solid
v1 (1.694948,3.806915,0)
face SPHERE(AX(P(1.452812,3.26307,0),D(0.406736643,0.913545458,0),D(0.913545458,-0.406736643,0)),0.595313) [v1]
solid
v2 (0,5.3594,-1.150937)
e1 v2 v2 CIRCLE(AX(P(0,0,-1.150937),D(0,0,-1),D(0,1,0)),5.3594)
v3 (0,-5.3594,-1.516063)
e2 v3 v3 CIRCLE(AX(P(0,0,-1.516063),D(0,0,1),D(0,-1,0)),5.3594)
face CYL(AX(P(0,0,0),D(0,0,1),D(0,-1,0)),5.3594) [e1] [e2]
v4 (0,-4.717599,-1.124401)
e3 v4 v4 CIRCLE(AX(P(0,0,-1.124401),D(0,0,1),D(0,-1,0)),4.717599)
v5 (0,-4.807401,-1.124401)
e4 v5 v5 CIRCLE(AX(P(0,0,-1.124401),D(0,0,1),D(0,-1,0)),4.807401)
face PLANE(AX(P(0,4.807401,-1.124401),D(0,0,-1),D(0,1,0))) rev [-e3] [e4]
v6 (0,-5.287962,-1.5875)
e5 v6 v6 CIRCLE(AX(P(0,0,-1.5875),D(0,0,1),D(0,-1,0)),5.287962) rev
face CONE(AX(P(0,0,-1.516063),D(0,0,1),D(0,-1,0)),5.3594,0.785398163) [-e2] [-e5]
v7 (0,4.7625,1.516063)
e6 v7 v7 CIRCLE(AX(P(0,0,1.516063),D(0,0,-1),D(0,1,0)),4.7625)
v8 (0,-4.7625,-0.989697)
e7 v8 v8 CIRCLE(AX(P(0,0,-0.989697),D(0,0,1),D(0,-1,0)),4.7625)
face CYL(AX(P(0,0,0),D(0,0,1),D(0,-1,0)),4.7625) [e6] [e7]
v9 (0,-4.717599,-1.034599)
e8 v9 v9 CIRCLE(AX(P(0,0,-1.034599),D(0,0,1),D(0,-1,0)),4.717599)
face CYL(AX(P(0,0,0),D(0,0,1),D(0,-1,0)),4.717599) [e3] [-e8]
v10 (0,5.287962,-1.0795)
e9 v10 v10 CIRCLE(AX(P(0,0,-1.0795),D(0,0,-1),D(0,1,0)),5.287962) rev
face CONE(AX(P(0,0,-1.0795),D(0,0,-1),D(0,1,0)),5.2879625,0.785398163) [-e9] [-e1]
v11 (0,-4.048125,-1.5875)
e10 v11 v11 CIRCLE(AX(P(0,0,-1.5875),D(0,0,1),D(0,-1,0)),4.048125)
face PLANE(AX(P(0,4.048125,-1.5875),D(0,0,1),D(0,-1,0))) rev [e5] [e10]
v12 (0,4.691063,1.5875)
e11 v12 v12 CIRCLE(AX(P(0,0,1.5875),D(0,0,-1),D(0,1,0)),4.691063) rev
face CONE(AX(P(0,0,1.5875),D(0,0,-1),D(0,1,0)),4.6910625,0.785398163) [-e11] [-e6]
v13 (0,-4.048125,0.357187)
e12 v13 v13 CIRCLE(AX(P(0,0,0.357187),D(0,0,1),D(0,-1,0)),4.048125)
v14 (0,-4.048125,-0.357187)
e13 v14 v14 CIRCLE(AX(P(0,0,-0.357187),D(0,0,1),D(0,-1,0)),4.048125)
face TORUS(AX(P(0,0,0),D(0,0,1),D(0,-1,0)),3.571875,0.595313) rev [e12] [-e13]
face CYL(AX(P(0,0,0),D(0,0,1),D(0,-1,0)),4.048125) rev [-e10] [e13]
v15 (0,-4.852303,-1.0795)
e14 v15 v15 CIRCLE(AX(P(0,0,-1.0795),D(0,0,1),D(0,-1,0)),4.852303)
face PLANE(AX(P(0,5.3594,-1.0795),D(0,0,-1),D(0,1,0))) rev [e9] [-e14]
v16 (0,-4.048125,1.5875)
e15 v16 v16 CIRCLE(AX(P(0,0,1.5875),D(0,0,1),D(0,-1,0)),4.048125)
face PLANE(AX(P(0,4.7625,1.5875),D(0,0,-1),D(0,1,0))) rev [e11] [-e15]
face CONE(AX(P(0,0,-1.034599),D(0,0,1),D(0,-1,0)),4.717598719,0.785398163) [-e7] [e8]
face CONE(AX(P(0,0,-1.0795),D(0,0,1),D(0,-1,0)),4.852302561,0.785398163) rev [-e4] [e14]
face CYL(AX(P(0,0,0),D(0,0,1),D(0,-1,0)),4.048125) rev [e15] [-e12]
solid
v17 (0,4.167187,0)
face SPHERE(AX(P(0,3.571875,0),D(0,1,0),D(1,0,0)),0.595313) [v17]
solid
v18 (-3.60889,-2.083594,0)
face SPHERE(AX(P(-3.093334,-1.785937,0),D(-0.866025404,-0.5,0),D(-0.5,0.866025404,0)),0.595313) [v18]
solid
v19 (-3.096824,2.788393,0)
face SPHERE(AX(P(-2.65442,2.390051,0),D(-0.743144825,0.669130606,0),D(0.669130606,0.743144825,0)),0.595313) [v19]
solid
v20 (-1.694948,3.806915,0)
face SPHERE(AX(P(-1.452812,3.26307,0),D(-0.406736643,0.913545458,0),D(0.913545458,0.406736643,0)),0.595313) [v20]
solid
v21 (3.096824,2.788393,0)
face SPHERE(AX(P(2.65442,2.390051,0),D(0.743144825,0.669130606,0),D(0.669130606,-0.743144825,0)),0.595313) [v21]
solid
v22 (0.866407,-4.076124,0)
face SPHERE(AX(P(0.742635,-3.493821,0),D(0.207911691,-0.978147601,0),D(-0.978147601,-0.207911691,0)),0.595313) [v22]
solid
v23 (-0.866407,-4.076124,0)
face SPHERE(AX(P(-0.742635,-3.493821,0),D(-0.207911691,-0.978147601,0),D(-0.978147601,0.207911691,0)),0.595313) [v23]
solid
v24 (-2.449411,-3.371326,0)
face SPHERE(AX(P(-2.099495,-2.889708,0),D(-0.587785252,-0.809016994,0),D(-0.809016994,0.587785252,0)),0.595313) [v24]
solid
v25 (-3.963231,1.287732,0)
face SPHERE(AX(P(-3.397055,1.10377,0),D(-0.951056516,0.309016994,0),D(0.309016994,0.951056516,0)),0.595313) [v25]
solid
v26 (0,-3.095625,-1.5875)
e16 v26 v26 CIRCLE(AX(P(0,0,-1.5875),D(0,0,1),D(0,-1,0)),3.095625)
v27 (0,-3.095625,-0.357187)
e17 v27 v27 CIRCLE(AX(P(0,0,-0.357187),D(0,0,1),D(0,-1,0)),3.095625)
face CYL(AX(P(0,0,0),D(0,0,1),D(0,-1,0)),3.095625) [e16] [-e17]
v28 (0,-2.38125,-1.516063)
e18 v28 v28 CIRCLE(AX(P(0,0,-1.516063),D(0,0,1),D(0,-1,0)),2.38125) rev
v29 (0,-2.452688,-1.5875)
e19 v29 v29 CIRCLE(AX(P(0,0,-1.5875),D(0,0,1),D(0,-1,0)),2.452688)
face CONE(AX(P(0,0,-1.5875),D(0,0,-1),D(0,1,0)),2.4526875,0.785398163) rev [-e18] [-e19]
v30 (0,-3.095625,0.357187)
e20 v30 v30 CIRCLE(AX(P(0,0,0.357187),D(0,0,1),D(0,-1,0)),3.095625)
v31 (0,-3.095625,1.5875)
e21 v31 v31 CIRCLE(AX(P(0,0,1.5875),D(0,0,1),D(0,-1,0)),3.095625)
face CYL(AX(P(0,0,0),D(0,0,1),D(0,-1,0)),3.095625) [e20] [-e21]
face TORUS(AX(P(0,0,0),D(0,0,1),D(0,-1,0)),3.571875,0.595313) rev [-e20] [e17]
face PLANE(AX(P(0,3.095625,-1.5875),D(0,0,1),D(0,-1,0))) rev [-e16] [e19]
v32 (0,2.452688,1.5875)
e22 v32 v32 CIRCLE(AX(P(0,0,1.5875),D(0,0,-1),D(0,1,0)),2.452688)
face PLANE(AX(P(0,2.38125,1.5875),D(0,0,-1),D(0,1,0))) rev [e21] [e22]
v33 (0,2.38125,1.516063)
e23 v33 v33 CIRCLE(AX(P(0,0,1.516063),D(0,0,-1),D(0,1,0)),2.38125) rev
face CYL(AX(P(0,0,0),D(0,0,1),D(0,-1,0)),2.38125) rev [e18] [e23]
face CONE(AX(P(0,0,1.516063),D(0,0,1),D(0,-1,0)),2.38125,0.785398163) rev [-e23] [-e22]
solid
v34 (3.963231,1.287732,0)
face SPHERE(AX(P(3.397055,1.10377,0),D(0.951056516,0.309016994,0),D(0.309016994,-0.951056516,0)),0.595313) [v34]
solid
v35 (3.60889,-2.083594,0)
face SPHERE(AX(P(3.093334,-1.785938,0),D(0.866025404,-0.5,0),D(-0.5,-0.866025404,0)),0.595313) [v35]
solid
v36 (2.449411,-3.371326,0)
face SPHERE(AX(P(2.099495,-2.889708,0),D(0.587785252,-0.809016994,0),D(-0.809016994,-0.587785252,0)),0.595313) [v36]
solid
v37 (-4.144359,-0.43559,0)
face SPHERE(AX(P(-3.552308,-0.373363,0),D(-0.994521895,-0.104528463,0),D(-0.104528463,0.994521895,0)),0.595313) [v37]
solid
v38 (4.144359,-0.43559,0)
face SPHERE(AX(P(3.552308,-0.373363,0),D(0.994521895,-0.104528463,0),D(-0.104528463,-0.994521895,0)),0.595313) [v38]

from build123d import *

# Parameters (mm, degrees)
FILLET1_SIZE      = 0.0714375
FILLET2_SIZE      = 0.0714375
CIRPATTERN3_COUNT = 15


with BuildPart() as part:
    # Sketch2 → Revolve1 (revolve)
    with BuildSketch(Plane(origin=(0, 0, 0), x_dir=(0, 0, -1), z_dir=(1, 0, 0))):
        with BuildLine():
            Line((1.5875, 5.3594), (1.0795, 5.3594))
            Line((1.0795, 5.3594), (1.0795, 4.852302561))
            Line((1.0795, 4.852302561), (1.124401281, 4.807401281))
            Line((1.124401281, 4.807401281), (1.124401281, 4.717598719))
            Line((1.124401281, 4.717598719), (1.034598719, 4.717598719))
            Line((1.034598719, 4.717598719), (0.989697439, 4.7625))
            Line((0.989697439, 4.7625), (-1.5875, 4.7625))
            Line((-1.5875, 4.7625), (-1.5875, 4.048125))
            Line((-1.5875, 4.048125), (-0.3571875, 4.048125))
            ThreePointArc((-0.3571875, 4.048125), (0, 4.1671875), (0.3571875, 4.048125))
            Line((0.3571875, 4.048125), (1.5875, 4.048125))
            Line((1.5875, 4.048125), (1.5875, 5.3594))
        make_face()
        with BuildLine():
            Line((1.5875, 2.38125), (-1.5875, 2.38125))
            Line((-1.5875, 2.38125), (-1.5875, 3.095625))
            Line((-1.5875, 3.095625), (-0.3571875, 3.095625))
            ThreePointArc((-0.3571875, 3.095625), (0, 2.9765625), (0.3571875, 3.095625))
            Line((0.3571875, 3.095625), (1.5875, 3.095625))
            Line((1.5875, 3.095625), (1.5875, 2.38125))
        make_face()
    revolve(axis=Axis((0, 0, 0), (0, 0, -1)))

    # Fillet1
    fillet1_edges = [part.edges().sort_by_distance(p)[0] for p in [
        (0, -5.3594, -1.5875),
        (0, -5.3594, -1.0795),
        (0, -4.7625, 1.5875),
    ]]
    chamfer(fillet1_edges, length=FILLET1_SIZE)

    # Fillet2
    fillet2_edges = [part.edges().sort_by_distance(p)[0] for p in [
        (0, -2.38125, -1.5875),
        (0, -2.38125, 1.5875),
    ]]
    chamfer(fillet2_edges, length=FILLET2_SIZE)


with BuildPart() as body_2:
    # Sketch7 → Revolve3 (revolve)
    with BuildSketch(Plane.XY):
        with BuildLine():
            Line((0, 4.1671875), (0, 2.9765625))
            ThreePointArc((0, 2.9765625), (-0.5953125, 3.571875), (0, 4.1671875))
        make_face()
    revolve(axis=Axis((0, 4.1671875, 0), (0, -1, 0)))


with BuildPart() as cirpattern3_1:
    # CirPattern3: pattern copy
    add(body_2.part.rotate(Axis((0, 0, 0), (0, 0, -1)), 1 * 360 / CIRPATTERN3_COUNT))


with BuildPart() as cirpattern3_2:
    # CirPattern3: pattern copy
    add(body_2.part.rotate(Axis((0, 0, 0), (0, 0, -1)), 2 * 360 / CIRPATTERN3_COUNT))


with BuildPart() as cirpattern3_3:
    # CirPattern3: pattern copy
    add(body_2.part.rotate(Axis((0, 0, 0), (0, 0, -1)), 3 * 360 / CIRPATTERN3_COUNT))


with BuildPart() as cirpattern3_4:
    # CirPattern3: pattern copy
    add(body_2.part.rotate(Axis((0, 0, 0), (0, 0, -1)), 4 * 360 / CIRPATTERN3_COUNT))


with BuildPart() as cirpattern3_5:
    # CirPattern3: pattern copy
    add(body_2.part.rotate(Axis((0, 0, 0), (0, 0, -1)), 5 * 360 / CIRPATTERN3_COUNT))


with BuildPart() as cirpattern3_6:
    # CirPattern3: pattern copy
    add(body_2.part.rotate(Axis((0, 0, 0), (0, 0, -1)), 6 * 360 / CIRPATTERN3_COUNT))


with BuildPart() as cirpattern3_7:
    # CirPattern3: pattern copy
    add(body_2.part.rotate(Axis((0, 0, 0), (0, 0, -1)), 7 * 360 / CIRPATTERN3_COUNT))


with BuildPart() as cirpattern3_8:
    # CirPattern3: pattern copy
    add(body_2.part.rotate(Axis((0, 0, 0), (0, 0, -1)), 8 * 360 / CIRPATTERN3_COUNT))


with BuildPart() as cirpattern3_9:
    # CirPattern3: pattern copy
    add(body_2.part.rotate(Axis((0, 0, 0), (0, 0, -1)), 9 * 360 / CIRPATTERN3_COUNT))


with BuildPart() as cirpattern3_10:
    # CirPattern3: pattern copy
    add(body_2.part.rotate(Axis((0, 0, 0), (0, 0, -1)), 10 * 360 / CIRPATTERN3_COUNT))


with BuildPart() as cirpattern3_11:
    # CirPattern3: pattern copy
    add(body_2.part.rotate(Axis((0, 0, 0), (0, 0, -1)), 11 * 360 / CIRPATTERN3_COUNT))


with BuildPart() as cirpattern3_12:
    # CirPattern3: pattern copy
    add(body_2.part.rotate(Axis((0, 0, 0), (0, 0, -1)), 12 * 360 / CIRPATTERN3_COUNT))


with BuildPart() as cirpattern3_13:
    # CirPattern3: pattern copy
    add(body_2.part.rotate(Axis((0, 0, 0), (0, 0, -1)), 13 * 360 / CIRPATTERN3_COUNT))


with BuildPart() as cirpattern3_14:
    # CirPattern3: pattern copy
    add(body_2.part.rotate(Axis((0, 0, 0), (0, 0, -1)), 14 * 360 / CIRPATTERN3_COUNT))


solid = Compound([part.part, body_2.part, cirpattern3_1.part, cirpattern3_2.part, cirpattern3_3.part, cirpattern3_4.part, cirpattern3_5.part, cirpattern3_6.part, cirpattern3_7.part, cirpattern3_8.part, cirpattern3_9.part, cirpattern3_10.part, cirpattern3_11.part, cirpattern3_12.part, cirpattern3_13.part, cirpattern3_14.part])
